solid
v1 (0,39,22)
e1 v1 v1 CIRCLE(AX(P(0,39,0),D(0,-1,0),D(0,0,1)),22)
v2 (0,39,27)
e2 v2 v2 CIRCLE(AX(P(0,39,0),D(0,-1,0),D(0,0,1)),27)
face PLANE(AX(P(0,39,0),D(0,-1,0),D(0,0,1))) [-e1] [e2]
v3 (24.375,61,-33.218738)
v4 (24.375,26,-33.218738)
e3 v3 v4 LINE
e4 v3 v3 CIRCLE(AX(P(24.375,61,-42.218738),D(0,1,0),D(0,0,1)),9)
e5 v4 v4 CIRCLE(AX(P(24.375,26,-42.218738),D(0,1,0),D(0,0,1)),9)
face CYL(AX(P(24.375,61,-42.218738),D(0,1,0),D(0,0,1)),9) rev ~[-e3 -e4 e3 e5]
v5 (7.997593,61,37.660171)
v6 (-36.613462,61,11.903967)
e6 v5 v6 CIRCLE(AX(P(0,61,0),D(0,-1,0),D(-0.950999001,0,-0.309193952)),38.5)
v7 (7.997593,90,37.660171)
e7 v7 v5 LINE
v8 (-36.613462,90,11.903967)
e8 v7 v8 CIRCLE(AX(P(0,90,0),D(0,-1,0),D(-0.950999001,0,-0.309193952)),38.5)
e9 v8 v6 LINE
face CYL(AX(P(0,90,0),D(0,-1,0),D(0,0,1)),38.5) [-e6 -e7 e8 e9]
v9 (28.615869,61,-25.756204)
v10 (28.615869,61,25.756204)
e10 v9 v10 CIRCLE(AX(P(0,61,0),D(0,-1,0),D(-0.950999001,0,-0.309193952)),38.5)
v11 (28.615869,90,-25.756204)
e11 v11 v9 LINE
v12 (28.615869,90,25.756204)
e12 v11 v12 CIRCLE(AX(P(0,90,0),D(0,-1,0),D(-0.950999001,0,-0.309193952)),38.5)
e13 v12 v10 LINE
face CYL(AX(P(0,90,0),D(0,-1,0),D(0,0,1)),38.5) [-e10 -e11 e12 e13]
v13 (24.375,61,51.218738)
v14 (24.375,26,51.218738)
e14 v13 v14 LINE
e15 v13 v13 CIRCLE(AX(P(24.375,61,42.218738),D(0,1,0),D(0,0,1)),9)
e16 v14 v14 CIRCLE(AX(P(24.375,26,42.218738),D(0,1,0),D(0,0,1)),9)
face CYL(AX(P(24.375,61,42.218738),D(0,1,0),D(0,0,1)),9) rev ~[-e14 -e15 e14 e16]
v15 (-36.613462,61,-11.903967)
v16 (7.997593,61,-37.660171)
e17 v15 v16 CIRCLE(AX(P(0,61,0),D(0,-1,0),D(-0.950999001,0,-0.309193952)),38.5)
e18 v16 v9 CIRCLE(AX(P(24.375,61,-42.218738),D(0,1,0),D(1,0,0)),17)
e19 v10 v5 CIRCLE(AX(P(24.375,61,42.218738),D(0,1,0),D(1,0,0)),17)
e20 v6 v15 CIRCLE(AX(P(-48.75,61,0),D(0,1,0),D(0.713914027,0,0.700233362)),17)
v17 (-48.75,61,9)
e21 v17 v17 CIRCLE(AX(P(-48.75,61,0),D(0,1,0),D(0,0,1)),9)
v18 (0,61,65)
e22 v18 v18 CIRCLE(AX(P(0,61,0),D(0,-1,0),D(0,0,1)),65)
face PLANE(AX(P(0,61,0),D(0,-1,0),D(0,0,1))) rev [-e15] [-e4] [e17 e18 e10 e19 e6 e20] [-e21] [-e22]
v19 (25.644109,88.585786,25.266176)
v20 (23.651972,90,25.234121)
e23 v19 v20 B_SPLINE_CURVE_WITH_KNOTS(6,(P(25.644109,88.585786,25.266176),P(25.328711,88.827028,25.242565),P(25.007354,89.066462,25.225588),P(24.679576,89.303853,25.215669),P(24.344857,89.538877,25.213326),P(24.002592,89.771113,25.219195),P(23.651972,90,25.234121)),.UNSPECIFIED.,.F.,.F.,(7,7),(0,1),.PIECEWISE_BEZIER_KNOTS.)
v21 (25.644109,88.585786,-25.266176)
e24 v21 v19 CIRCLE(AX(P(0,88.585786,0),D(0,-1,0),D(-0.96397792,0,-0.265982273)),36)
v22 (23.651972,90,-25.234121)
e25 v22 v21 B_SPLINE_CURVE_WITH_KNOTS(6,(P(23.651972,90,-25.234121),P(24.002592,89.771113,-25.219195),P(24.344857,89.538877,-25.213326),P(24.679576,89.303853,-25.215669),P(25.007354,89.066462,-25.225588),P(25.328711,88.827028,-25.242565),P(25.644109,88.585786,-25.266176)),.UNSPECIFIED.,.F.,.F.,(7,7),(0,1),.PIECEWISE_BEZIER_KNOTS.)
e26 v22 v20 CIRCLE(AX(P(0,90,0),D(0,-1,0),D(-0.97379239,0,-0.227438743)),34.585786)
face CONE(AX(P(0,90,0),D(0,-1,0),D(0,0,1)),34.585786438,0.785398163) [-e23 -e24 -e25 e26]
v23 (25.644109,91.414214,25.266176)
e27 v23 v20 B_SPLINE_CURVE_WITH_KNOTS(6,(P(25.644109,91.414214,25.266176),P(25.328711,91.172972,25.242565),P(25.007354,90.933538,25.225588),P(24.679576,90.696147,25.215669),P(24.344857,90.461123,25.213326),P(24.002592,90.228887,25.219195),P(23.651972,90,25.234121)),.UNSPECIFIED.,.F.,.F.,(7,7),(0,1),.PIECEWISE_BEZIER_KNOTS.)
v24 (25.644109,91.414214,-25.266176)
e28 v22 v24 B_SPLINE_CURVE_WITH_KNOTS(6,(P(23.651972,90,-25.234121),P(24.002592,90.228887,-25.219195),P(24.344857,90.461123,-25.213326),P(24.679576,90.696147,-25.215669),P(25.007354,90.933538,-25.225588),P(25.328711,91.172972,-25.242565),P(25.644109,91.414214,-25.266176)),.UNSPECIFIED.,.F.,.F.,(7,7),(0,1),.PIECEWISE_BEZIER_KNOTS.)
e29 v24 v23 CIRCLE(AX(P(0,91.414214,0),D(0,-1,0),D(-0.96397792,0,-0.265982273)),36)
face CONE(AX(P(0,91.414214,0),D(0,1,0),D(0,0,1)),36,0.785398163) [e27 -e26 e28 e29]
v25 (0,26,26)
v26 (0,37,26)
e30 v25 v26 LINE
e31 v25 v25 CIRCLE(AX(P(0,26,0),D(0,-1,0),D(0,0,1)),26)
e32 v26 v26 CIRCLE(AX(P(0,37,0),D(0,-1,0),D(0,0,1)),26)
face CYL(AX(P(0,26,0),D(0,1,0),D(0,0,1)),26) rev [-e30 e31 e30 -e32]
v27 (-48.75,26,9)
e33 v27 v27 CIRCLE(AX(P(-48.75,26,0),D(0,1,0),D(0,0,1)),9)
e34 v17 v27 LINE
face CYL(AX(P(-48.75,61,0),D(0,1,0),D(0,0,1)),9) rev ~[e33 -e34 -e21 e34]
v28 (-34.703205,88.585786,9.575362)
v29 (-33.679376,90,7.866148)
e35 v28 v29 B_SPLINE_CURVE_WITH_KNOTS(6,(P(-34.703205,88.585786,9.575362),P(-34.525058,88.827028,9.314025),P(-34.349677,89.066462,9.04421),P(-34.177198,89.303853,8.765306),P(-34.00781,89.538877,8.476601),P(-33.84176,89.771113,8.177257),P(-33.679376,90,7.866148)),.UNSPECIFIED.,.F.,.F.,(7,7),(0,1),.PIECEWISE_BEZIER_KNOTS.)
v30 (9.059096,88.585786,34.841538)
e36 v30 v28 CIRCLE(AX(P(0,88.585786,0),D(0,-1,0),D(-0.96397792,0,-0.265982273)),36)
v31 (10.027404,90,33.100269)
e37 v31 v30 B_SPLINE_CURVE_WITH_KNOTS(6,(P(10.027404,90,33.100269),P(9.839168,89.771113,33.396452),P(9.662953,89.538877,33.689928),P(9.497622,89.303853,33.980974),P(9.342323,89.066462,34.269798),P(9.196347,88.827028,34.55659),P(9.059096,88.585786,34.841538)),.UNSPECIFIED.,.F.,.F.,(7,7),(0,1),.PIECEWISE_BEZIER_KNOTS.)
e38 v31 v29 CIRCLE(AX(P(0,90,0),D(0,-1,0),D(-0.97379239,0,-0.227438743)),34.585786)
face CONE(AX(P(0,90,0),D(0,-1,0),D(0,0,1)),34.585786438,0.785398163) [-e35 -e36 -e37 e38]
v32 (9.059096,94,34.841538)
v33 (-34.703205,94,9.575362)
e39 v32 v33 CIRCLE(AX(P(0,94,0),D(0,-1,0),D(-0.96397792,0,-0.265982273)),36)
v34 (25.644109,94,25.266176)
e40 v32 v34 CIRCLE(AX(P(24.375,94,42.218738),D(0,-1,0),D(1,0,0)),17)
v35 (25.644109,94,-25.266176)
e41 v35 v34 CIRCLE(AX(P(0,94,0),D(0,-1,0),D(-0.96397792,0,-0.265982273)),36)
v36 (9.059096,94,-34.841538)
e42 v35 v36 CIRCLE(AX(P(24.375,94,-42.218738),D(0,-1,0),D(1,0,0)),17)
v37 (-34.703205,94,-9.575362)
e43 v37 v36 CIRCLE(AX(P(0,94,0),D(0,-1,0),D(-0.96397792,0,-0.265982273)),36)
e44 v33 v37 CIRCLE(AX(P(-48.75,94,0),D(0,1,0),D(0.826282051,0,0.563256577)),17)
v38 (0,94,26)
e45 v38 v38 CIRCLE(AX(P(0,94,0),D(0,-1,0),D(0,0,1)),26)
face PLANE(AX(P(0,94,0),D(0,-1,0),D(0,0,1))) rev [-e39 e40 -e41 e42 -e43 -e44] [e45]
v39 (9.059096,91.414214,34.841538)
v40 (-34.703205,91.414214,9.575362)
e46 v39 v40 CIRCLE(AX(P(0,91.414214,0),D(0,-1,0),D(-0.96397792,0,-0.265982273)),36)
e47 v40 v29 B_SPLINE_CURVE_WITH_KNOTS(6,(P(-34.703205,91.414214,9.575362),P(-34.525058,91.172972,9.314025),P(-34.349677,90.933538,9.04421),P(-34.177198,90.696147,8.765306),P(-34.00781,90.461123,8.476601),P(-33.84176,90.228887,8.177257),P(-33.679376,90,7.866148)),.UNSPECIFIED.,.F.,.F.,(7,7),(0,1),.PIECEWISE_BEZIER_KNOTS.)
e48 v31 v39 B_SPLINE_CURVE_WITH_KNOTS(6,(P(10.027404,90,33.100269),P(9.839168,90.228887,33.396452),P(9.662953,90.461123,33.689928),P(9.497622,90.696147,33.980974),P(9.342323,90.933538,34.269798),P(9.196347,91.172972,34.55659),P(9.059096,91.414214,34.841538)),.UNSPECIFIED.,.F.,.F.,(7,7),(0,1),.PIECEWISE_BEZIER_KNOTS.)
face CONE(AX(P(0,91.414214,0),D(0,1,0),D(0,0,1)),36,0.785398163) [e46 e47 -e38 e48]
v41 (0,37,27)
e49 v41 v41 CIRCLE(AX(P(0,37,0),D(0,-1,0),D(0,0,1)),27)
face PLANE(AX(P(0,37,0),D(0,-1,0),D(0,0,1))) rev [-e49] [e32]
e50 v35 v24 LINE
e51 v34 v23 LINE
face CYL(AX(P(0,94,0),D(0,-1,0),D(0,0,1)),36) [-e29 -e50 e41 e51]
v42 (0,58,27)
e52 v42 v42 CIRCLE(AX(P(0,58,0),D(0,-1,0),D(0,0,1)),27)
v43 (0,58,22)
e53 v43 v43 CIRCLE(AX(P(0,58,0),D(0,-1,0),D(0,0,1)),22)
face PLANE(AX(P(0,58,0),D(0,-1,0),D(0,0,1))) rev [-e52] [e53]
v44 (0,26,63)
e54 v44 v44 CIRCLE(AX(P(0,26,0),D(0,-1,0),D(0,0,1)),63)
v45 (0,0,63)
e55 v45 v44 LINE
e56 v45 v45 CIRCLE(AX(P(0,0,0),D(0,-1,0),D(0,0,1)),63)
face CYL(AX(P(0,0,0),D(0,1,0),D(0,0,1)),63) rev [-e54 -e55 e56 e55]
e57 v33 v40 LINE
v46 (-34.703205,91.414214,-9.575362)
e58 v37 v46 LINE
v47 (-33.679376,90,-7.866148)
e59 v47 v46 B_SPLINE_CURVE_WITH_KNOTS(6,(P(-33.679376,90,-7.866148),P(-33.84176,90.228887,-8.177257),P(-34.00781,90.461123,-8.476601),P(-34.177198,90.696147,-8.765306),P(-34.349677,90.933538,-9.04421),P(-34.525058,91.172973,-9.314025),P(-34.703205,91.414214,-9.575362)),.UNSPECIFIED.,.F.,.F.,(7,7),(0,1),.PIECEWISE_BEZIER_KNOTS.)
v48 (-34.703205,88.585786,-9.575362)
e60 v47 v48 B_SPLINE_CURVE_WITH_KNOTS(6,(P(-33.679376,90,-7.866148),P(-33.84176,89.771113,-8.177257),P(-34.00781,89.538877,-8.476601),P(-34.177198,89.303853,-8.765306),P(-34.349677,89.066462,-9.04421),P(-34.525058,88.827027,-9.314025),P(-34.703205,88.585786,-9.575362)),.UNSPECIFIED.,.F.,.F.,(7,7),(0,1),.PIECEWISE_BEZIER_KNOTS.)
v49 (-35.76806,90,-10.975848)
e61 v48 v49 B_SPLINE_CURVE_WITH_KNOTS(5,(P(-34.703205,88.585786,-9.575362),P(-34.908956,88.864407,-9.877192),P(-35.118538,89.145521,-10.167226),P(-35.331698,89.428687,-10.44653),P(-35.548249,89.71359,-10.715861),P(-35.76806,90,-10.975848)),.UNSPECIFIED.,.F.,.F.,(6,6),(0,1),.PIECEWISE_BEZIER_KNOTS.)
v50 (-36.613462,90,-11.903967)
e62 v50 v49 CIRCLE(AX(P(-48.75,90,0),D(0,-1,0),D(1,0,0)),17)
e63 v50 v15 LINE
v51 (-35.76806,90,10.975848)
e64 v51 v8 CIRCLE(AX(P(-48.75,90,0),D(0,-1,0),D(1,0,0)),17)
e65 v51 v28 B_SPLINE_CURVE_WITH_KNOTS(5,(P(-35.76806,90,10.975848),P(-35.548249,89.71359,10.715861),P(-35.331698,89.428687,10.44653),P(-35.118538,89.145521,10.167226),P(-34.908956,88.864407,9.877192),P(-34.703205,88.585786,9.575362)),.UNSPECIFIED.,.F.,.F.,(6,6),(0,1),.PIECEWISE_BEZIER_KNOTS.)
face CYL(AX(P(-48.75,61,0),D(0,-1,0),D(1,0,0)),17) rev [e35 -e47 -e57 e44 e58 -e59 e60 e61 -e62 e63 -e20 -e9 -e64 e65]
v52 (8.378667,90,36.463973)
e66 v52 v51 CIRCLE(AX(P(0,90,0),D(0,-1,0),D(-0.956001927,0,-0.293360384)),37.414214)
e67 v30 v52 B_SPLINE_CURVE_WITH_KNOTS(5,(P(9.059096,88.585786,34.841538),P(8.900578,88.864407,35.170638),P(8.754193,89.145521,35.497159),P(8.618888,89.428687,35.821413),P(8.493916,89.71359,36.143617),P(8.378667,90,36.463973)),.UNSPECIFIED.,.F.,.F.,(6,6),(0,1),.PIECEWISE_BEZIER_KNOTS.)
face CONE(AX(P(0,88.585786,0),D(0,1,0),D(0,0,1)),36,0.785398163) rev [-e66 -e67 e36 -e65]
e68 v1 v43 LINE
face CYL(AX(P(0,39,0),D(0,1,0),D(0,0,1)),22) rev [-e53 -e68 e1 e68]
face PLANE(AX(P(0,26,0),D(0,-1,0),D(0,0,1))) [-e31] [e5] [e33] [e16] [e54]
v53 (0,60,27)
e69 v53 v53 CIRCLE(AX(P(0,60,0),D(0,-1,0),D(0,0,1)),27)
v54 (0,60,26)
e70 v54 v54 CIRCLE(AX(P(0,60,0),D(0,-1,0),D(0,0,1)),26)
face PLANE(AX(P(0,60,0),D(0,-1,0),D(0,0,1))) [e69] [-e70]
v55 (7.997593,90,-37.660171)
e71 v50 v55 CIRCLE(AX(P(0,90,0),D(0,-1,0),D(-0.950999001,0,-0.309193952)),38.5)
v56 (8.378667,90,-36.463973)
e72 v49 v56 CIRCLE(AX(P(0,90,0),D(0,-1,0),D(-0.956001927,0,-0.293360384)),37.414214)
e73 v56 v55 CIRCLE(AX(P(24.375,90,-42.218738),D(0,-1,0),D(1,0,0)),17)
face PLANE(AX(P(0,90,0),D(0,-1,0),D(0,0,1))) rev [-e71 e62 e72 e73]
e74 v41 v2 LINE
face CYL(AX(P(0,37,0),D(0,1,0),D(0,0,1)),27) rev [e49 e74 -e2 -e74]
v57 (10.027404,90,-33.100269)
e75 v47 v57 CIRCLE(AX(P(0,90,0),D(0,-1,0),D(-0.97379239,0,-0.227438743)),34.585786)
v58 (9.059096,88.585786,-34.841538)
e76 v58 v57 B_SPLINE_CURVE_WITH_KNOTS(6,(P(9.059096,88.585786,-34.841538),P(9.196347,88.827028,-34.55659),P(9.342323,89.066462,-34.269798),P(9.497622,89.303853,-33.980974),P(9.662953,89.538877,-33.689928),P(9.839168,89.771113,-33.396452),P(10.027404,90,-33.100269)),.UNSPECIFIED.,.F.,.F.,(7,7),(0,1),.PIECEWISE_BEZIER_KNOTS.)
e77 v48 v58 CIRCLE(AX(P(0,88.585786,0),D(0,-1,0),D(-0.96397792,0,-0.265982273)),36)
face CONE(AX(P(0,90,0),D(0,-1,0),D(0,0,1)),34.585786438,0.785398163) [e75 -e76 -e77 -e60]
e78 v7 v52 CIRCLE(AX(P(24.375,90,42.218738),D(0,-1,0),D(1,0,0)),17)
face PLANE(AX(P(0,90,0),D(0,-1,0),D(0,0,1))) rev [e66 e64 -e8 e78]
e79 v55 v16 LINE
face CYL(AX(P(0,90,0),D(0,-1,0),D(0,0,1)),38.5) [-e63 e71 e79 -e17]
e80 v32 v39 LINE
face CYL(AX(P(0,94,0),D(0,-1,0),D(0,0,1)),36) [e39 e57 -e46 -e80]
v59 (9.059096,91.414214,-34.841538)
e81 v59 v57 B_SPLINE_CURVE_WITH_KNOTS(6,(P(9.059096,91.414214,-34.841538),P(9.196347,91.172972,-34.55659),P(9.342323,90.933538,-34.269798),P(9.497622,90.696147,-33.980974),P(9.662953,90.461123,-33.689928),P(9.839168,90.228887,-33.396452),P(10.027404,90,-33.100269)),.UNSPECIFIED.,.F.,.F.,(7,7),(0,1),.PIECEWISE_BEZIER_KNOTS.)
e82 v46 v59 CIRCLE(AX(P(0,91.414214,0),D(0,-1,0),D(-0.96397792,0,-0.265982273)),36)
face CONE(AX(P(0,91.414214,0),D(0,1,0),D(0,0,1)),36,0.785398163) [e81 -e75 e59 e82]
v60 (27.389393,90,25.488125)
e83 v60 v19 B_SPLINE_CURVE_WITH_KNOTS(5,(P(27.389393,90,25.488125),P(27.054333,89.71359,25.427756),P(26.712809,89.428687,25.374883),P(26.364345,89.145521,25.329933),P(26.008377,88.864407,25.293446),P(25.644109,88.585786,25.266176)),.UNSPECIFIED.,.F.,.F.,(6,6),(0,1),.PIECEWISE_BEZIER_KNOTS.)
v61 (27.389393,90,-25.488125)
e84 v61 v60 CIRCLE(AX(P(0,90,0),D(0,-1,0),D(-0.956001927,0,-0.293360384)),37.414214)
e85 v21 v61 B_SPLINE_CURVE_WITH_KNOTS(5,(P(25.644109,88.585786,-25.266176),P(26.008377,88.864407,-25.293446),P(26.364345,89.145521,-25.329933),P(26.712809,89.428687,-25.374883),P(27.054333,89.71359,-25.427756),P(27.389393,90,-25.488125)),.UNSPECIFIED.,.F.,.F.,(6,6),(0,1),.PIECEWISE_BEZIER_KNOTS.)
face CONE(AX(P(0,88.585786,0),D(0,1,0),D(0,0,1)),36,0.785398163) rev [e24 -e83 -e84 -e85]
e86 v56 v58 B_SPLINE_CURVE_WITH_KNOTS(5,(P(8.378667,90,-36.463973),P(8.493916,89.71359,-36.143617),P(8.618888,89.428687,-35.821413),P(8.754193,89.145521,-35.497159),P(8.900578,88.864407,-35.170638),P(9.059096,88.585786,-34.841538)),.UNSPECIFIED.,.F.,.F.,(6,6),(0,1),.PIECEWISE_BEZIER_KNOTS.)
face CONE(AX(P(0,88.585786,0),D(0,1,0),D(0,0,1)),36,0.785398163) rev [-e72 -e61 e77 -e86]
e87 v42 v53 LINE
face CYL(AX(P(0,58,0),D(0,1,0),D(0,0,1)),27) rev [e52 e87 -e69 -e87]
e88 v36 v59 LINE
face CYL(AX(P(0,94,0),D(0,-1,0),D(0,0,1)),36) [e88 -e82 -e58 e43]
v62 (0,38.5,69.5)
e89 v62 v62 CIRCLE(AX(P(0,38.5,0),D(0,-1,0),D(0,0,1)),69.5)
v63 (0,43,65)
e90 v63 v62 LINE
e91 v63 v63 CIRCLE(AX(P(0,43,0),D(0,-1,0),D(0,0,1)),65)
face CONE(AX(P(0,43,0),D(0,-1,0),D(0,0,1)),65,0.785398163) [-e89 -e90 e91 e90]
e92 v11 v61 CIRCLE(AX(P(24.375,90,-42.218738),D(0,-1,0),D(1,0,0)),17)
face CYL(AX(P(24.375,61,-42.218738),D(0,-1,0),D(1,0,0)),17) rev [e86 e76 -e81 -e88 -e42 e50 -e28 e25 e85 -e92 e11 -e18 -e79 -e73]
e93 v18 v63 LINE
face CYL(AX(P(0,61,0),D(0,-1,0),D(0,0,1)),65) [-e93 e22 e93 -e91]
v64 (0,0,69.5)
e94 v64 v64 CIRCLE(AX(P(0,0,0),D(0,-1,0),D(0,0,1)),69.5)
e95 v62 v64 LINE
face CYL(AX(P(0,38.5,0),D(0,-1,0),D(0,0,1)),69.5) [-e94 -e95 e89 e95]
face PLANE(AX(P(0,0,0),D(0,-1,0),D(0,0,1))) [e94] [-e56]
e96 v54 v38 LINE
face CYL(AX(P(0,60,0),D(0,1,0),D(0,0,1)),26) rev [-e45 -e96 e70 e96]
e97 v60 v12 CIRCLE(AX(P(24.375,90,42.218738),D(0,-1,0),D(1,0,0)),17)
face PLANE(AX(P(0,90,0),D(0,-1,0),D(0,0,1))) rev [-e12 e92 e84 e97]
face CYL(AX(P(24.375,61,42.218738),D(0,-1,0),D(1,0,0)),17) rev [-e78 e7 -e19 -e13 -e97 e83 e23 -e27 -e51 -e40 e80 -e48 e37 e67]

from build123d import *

# Parameters (mm, degrees)
CUT_EXTRUDE_1_REACH = 117.678
SKETCH_2_R          = 17
SKETCH_3_R          = 9
CUT_EXTRUDE_2_DEPTH = 35


with BuildPart() as part:
    # 草图1 → 旋转1 (revolve)
    with BuildSketch(Plane.XY, mode=Mode.PRIVATE) as revolve_1_sk:
        Polygon((63, 0), (63, 26), (26, 26), (26, 37), (27, 37), (27, 39), (22, 39), (22, 58), (27, 58), (27, 60), (26, 60), (26, 94), (36, 94), (36, 91.414213562), (34.585786438, 90), (36, 88.585786438), (37.414213562, 90), (38.5, 90), (38.5, 61), (65, 61), (65, 43), (69.5, 38.5), (69.5, 0), align=None)
    revolve(revolve_1_sk.sketch.rotate(Axis((0, 19.246271831, 0), (0, -1, 0)), 90), axis=Axis((0, 19.246271831, 0), (0, -1, 0)))

    # 切除-拉伸1: up to this face of the body (flat: up to its plane)
    cut_extrude_1_end = Plane(part.part.faces().sort_by_distance((0, 94, -27.018233765))[0])
    # 草图2 → 切除-拉伸1 (cut, up to the picked face)
    with BuildSketch(Plane(origin=(0, 61, 0), x_dir=(1, 0, 0), z_dir=(0, 1, 0)), mode=Mode.PRIVATE) as cut_extrude_1_sk1:
        with Locations((-48.75, 0)):
            Circle(SKETCH_2_R)
    cut_extrude_1_tool1 = split(extrude(cut_extrude_1_sk1.sketch, amount=CUT_EXTRUDE_1_REACH, mode=Mode.PRIVATE), bisect_by=cut_extrude_1_end, keep=Keep.BOTH, mode=Mode.PRIVATE)
    # 草图2 → 切除-拉伸1 (cut, up to the picked face)
    with BuildSketch(Plane(origin=(0, 61, 0), x_dir=(1, 0, 0), z_dir=(0, 1, 0)), mode=Mode.PRIVATE) as cut_extrude_1_sk2:
        with Locations((24.375, 42.218738434)):
            Circle(SKETCH_2_R)
    cut_extrude_1_tool2 = split(extrude(cut_extrude_1_sk2.sketch, amount=CUT_EXTRUDE_1_REACH, mode=Mode.PRIVATE), bisect_by=cut_extrude_1_end, keep=Keep.BOTH, mode=Mode.PRIVATE)
    # 草图2 → 切除-拉伸1 (cut, up to the picked face)
    with BuildSketch(Plane(origin=(0, 61, 0), x_dir=(1, 0, 0), z_dir=(0, 1, 0)), mode=Mode.PRIVATE) as cut_extrude_1_sk3:
        with Locations((24.375, -42.218738434)):
            Circle(SKETCH_2_R)
    cut_extrude_1_tool3 = split(extrude(cut_extrude_1_sk3.sketch, amount=CUT_EXTRUDE_1_REACH, mode=Mode.PRIVATE), bisect_by=cut_extrude_1_end, keep=Keep.BOTH, mode=Mode.PRIVATE)
    add(cut_extrude_1_tool1.solids().sort_by(Axis((-48.75, 61, 0), (0, 1, 0)))[0], mode=Mode.SUBTRACT)
    add(cut_extrude_1_tool2.solids().sort_by(Axis((24.375, 61, -42.218738), (0, 1, 0)))[0], mode=Mode.SUBTRACT)
    add(cut_extrude_1_tool3.solids().sort_by(Axis((24.375, 61, 42.218738), (0, 1, 0)))[0], mode=Mode.SUBTRACT)

    # 草图3 → 切除-拉伸2 (cut)
    with BuildSketch(Plane(origin=(0, 61, 0), x_dir=(1, 0, 0), z_dir=(0, 1, 0))):
        with Locations(Location((24.375, 42.218738434, 0), (0, 0, 270))):
            Circle(SKETCH_3_R)
        with Locations(Location((24.375, -42.218738434, 0), (0, 0, 270))):
            Circle(SKETCH_3_R)
        with Locations(Location((-48.75, 0, 0), (0, 0, 270))):
            Circle(SKETCH_3_R)
    extrude(amount=-CUT_EXTRUDE_2_DEPTH, mode=Mode.SUBTRACT)


solid = part.part
